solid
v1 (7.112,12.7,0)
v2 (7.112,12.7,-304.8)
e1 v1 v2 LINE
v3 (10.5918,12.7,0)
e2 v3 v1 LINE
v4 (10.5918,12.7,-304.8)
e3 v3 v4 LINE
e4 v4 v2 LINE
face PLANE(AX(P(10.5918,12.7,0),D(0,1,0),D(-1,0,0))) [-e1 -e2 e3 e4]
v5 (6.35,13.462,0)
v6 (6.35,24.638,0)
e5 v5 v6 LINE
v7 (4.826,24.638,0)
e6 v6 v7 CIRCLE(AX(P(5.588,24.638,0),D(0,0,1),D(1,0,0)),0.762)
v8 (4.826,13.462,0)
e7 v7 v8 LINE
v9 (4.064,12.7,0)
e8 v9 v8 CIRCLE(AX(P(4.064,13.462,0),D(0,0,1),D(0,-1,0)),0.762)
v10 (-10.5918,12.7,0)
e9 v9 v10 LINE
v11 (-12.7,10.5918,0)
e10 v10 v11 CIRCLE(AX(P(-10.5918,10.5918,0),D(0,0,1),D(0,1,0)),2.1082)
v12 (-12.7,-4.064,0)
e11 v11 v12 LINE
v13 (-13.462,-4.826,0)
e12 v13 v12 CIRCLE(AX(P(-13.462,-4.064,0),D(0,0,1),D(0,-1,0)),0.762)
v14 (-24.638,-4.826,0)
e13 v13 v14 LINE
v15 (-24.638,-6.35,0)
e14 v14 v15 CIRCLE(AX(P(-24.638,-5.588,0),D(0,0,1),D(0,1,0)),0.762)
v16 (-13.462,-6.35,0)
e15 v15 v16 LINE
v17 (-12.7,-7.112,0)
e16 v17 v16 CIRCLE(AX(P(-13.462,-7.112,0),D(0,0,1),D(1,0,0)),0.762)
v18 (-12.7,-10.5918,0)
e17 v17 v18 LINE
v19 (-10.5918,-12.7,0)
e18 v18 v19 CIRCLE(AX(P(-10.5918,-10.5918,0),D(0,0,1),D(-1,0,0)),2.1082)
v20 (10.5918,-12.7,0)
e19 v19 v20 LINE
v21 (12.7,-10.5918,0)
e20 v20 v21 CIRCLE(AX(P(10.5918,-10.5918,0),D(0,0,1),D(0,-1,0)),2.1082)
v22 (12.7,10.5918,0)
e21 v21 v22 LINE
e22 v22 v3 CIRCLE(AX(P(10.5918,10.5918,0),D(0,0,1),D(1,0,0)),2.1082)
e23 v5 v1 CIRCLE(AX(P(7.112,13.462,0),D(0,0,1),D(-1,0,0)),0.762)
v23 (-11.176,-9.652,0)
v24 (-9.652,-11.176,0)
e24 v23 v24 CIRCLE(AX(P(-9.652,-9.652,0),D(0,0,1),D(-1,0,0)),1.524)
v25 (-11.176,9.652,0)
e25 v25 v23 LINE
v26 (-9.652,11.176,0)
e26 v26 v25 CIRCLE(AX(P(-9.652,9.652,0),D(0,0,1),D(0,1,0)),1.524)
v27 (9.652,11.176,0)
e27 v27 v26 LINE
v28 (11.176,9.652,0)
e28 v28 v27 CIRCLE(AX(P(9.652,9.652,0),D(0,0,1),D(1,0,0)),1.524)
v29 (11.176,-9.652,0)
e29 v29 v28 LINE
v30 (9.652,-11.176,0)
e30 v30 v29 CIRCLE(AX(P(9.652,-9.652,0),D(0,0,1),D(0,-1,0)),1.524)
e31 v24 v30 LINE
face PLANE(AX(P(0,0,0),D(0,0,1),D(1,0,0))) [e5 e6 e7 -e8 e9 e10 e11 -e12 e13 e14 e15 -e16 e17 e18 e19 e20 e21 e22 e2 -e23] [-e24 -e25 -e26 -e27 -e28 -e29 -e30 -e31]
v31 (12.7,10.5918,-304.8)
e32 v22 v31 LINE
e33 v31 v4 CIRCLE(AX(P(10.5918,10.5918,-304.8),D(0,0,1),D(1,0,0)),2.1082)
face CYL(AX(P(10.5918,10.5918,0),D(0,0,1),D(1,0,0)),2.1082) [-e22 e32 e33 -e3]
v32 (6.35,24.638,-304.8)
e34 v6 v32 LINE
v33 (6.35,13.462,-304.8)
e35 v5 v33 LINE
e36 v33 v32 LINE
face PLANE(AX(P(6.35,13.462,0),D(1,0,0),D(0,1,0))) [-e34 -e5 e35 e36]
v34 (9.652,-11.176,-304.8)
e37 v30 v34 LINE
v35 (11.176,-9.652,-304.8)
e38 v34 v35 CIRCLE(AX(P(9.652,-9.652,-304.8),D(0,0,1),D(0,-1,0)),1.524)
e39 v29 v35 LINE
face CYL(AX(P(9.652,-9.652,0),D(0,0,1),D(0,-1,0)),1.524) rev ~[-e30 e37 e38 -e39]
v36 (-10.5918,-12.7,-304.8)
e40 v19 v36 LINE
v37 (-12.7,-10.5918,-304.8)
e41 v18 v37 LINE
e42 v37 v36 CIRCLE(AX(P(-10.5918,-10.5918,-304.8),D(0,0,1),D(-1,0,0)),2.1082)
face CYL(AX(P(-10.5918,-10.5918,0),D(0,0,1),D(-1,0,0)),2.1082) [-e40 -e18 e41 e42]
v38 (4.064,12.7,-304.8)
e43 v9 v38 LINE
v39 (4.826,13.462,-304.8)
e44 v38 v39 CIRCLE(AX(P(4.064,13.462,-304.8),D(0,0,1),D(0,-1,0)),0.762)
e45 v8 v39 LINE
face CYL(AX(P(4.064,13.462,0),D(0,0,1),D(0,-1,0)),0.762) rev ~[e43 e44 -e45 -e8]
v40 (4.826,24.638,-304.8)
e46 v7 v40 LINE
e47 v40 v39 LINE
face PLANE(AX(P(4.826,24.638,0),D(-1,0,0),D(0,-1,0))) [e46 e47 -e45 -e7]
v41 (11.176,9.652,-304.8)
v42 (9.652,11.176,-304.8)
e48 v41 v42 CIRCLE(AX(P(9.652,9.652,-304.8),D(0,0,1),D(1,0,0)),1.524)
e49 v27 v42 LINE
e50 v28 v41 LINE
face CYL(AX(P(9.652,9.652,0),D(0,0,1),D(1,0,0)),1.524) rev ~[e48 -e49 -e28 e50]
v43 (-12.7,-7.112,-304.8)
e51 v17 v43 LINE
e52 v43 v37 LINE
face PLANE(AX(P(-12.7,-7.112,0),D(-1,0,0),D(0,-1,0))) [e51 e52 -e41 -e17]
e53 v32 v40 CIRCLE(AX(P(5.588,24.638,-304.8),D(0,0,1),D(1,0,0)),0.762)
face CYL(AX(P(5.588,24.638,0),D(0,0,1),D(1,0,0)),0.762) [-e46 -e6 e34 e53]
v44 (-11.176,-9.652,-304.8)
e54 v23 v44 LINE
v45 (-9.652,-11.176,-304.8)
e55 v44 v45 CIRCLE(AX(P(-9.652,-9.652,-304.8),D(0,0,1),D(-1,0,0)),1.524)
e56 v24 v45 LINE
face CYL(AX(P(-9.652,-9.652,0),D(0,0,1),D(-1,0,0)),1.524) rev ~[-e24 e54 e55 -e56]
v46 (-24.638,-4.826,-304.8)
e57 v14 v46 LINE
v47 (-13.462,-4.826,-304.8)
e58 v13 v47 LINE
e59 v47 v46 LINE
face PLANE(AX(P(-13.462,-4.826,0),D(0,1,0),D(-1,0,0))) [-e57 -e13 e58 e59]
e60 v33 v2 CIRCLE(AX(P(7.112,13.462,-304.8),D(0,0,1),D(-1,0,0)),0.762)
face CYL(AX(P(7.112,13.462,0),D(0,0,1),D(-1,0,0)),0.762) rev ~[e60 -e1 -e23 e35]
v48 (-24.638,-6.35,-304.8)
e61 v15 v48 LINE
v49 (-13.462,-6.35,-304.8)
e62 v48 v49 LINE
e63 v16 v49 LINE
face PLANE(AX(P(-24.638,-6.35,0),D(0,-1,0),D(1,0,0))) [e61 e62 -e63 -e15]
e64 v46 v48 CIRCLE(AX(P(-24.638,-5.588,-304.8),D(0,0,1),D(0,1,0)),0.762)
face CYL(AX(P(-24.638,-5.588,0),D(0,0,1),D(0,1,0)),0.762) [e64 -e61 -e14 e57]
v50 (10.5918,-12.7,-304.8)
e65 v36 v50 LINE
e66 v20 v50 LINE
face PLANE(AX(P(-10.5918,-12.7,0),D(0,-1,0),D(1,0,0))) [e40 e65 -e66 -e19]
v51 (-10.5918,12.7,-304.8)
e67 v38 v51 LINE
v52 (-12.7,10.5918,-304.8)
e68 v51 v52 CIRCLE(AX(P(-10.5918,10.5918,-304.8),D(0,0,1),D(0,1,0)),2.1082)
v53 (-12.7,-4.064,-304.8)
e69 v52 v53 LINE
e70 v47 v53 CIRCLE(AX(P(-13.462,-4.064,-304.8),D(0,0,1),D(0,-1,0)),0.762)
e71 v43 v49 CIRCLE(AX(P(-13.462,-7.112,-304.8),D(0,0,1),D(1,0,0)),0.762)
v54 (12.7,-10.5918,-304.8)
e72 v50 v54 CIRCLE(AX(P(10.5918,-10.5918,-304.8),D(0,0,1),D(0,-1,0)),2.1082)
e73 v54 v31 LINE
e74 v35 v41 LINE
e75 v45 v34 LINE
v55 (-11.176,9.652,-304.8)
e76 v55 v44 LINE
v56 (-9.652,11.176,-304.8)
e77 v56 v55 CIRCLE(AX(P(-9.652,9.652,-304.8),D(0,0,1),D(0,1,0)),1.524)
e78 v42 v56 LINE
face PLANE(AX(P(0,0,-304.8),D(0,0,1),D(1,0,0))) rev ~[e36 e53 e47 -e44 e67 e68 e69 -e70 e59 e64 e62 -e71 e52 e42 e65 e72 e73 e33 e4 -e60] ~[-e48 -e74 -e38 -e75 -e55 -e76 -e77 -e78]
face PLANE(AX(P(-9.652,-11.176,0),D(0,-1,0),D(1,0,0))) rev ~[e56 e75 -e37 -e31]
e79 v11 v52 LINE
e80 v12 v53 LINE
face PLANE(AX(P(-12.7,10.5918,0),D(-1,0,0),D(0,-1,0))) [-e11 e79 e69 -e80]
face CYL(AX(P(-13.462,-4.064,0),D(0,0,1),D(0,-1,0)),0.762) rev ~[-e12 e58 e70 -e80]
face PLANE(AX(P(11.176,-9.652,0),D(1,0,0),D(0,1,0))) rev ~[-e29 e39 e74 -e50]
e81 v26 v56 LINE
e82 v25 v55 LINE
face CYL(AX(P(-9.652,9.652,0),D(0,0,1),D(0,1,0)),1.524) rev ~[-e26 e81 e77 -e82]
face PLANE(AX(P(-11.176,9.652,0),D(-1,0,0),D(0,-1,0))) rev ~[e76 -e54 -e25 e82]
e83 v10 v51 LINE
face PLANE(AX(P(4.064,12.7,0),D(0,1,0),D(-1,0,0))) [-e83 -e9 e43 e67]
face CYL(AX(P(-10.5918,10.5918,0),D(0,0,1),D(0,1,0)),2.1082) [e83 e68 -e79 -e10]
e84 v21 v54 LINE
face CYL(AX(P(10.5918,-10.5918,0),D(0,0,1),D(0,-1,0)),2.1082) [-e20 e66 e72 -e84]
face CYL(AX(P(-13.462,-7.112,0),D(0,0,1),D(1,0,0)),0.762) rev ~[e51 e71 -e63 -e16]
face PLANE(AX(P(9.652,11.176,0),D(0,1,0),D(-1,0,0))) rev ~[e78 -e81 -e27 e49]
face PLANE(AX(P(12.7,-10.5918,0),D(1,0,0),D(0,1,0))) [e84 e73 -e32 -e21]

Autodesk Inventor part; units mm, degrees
ref_plane "YZ Plane" through (0, 0, 0) normal (1, 0, 0) x (0, 1, 0)
ref_plane "XZ Plane" through (0, 0, 0) normal (0, 1, 0) x (-1, 0, 0)
ref_plane "XY Plane" through (0, 0, 0) normal (0, 0, 1) x (1, 0, 0)
sketch "Sketch1" plane through (0, 0, 0) normal (0, 0, 1) x (1, 0, 0)
  line L0 (11.176, -9.652) -> (11.176, 9.652)
  arc A0 (9.652, -11.176) -> (11.176, -9.652) centre (9.652, -9.652) ccw
  line L1 (-9.652, -11.176) -> (9.652, -11.176)
  arc A1 (-11.176, -9.652) -> (-9.652, -11.176) centre (-9.652, -9.652) ccw
  line L2 (-11.176, 9.652) -> (-11.176, -9.652)
  arc A2 (-9.652, 11.176) -> (-11.176, 9.652) centre (-9.652, 9.652) ccw
  line L3 (9.652, 11.176) -> (-9.652, 11.176)
  arc A3 (11.176, 9.652) -> (9.652, 11.176) centre (9.652, 9.652) ccw
  arc A4 (6.35, 13.462) -> (7.112, 12.7) centre (7.112, 13.462) ccw
  line L4 (6.35, 13.462) -> (6.35, 24.638)
  arc A5 (6.35, 24.638) -> (4.826, 24.638) centre (5.588, 24.638) ccw
  line L5 (4.826, 24.638) -> (4.826, 13.462)
  arc A6 (4.064, 12.7) -> (4.826, 13.462) centre (4.064, 13.462) ccw
  line L6 (4.064, 12.7) -> (-10.5918, 12.7)
  arc A7 (-10.5918, 12.7) -> (-12.7, 10.5918) centre (-10.5918, 10.5918) ccw
  line L7 (-12.7, 10.5918) -> (-12.7, -4.064)
  arc A8 (-13.462, -4.826) -> (-12.7, -4.064) centre (-13.462, -4.064) ccw
  line L8 (-13.462, -4.826) -> (-24.638, -4.826)
  arc A9 (-24.638, -4.826) -> (-24.638, -6.35) centre (-24.638, -5.588) ccw
  line L9 (-24.638, -6.35) -> (-13.462, -6.35)
  arc A10 (-12.7, -7.112) -> (-13.462, -6.35) centre (-13.462, -7.112) ccw
  line L10 (-12.7, -7.112) -> (-12.7, -10.5918)
  arc A11 (-12.7, -10.5918) -> (-10.5918, -12.7) centre (-10.5918, -10.5918) ccw
  line L11 (-10.5918, -12.7) -> (10.5918, -12.7)
  arc A12 (10.5918, -12.7) -> (12.7, -10.5918) centre (10.5918, -10.5918) ccw
  line L12 (12.7, -10.5918) -> (12.7, 10.5918)
  arc A13 (12.7, 10.5918) -> (10.5918, 12.7) centre (10.5918, 10.5918) ccw
  line L13 (10.5918, 12.7) -> (7.112, 12.7)
  point P0 (0, 0)
extrude "Extrusion1" add sketch "Sketch1" against normal blind 304.8
properties part number "9010"
